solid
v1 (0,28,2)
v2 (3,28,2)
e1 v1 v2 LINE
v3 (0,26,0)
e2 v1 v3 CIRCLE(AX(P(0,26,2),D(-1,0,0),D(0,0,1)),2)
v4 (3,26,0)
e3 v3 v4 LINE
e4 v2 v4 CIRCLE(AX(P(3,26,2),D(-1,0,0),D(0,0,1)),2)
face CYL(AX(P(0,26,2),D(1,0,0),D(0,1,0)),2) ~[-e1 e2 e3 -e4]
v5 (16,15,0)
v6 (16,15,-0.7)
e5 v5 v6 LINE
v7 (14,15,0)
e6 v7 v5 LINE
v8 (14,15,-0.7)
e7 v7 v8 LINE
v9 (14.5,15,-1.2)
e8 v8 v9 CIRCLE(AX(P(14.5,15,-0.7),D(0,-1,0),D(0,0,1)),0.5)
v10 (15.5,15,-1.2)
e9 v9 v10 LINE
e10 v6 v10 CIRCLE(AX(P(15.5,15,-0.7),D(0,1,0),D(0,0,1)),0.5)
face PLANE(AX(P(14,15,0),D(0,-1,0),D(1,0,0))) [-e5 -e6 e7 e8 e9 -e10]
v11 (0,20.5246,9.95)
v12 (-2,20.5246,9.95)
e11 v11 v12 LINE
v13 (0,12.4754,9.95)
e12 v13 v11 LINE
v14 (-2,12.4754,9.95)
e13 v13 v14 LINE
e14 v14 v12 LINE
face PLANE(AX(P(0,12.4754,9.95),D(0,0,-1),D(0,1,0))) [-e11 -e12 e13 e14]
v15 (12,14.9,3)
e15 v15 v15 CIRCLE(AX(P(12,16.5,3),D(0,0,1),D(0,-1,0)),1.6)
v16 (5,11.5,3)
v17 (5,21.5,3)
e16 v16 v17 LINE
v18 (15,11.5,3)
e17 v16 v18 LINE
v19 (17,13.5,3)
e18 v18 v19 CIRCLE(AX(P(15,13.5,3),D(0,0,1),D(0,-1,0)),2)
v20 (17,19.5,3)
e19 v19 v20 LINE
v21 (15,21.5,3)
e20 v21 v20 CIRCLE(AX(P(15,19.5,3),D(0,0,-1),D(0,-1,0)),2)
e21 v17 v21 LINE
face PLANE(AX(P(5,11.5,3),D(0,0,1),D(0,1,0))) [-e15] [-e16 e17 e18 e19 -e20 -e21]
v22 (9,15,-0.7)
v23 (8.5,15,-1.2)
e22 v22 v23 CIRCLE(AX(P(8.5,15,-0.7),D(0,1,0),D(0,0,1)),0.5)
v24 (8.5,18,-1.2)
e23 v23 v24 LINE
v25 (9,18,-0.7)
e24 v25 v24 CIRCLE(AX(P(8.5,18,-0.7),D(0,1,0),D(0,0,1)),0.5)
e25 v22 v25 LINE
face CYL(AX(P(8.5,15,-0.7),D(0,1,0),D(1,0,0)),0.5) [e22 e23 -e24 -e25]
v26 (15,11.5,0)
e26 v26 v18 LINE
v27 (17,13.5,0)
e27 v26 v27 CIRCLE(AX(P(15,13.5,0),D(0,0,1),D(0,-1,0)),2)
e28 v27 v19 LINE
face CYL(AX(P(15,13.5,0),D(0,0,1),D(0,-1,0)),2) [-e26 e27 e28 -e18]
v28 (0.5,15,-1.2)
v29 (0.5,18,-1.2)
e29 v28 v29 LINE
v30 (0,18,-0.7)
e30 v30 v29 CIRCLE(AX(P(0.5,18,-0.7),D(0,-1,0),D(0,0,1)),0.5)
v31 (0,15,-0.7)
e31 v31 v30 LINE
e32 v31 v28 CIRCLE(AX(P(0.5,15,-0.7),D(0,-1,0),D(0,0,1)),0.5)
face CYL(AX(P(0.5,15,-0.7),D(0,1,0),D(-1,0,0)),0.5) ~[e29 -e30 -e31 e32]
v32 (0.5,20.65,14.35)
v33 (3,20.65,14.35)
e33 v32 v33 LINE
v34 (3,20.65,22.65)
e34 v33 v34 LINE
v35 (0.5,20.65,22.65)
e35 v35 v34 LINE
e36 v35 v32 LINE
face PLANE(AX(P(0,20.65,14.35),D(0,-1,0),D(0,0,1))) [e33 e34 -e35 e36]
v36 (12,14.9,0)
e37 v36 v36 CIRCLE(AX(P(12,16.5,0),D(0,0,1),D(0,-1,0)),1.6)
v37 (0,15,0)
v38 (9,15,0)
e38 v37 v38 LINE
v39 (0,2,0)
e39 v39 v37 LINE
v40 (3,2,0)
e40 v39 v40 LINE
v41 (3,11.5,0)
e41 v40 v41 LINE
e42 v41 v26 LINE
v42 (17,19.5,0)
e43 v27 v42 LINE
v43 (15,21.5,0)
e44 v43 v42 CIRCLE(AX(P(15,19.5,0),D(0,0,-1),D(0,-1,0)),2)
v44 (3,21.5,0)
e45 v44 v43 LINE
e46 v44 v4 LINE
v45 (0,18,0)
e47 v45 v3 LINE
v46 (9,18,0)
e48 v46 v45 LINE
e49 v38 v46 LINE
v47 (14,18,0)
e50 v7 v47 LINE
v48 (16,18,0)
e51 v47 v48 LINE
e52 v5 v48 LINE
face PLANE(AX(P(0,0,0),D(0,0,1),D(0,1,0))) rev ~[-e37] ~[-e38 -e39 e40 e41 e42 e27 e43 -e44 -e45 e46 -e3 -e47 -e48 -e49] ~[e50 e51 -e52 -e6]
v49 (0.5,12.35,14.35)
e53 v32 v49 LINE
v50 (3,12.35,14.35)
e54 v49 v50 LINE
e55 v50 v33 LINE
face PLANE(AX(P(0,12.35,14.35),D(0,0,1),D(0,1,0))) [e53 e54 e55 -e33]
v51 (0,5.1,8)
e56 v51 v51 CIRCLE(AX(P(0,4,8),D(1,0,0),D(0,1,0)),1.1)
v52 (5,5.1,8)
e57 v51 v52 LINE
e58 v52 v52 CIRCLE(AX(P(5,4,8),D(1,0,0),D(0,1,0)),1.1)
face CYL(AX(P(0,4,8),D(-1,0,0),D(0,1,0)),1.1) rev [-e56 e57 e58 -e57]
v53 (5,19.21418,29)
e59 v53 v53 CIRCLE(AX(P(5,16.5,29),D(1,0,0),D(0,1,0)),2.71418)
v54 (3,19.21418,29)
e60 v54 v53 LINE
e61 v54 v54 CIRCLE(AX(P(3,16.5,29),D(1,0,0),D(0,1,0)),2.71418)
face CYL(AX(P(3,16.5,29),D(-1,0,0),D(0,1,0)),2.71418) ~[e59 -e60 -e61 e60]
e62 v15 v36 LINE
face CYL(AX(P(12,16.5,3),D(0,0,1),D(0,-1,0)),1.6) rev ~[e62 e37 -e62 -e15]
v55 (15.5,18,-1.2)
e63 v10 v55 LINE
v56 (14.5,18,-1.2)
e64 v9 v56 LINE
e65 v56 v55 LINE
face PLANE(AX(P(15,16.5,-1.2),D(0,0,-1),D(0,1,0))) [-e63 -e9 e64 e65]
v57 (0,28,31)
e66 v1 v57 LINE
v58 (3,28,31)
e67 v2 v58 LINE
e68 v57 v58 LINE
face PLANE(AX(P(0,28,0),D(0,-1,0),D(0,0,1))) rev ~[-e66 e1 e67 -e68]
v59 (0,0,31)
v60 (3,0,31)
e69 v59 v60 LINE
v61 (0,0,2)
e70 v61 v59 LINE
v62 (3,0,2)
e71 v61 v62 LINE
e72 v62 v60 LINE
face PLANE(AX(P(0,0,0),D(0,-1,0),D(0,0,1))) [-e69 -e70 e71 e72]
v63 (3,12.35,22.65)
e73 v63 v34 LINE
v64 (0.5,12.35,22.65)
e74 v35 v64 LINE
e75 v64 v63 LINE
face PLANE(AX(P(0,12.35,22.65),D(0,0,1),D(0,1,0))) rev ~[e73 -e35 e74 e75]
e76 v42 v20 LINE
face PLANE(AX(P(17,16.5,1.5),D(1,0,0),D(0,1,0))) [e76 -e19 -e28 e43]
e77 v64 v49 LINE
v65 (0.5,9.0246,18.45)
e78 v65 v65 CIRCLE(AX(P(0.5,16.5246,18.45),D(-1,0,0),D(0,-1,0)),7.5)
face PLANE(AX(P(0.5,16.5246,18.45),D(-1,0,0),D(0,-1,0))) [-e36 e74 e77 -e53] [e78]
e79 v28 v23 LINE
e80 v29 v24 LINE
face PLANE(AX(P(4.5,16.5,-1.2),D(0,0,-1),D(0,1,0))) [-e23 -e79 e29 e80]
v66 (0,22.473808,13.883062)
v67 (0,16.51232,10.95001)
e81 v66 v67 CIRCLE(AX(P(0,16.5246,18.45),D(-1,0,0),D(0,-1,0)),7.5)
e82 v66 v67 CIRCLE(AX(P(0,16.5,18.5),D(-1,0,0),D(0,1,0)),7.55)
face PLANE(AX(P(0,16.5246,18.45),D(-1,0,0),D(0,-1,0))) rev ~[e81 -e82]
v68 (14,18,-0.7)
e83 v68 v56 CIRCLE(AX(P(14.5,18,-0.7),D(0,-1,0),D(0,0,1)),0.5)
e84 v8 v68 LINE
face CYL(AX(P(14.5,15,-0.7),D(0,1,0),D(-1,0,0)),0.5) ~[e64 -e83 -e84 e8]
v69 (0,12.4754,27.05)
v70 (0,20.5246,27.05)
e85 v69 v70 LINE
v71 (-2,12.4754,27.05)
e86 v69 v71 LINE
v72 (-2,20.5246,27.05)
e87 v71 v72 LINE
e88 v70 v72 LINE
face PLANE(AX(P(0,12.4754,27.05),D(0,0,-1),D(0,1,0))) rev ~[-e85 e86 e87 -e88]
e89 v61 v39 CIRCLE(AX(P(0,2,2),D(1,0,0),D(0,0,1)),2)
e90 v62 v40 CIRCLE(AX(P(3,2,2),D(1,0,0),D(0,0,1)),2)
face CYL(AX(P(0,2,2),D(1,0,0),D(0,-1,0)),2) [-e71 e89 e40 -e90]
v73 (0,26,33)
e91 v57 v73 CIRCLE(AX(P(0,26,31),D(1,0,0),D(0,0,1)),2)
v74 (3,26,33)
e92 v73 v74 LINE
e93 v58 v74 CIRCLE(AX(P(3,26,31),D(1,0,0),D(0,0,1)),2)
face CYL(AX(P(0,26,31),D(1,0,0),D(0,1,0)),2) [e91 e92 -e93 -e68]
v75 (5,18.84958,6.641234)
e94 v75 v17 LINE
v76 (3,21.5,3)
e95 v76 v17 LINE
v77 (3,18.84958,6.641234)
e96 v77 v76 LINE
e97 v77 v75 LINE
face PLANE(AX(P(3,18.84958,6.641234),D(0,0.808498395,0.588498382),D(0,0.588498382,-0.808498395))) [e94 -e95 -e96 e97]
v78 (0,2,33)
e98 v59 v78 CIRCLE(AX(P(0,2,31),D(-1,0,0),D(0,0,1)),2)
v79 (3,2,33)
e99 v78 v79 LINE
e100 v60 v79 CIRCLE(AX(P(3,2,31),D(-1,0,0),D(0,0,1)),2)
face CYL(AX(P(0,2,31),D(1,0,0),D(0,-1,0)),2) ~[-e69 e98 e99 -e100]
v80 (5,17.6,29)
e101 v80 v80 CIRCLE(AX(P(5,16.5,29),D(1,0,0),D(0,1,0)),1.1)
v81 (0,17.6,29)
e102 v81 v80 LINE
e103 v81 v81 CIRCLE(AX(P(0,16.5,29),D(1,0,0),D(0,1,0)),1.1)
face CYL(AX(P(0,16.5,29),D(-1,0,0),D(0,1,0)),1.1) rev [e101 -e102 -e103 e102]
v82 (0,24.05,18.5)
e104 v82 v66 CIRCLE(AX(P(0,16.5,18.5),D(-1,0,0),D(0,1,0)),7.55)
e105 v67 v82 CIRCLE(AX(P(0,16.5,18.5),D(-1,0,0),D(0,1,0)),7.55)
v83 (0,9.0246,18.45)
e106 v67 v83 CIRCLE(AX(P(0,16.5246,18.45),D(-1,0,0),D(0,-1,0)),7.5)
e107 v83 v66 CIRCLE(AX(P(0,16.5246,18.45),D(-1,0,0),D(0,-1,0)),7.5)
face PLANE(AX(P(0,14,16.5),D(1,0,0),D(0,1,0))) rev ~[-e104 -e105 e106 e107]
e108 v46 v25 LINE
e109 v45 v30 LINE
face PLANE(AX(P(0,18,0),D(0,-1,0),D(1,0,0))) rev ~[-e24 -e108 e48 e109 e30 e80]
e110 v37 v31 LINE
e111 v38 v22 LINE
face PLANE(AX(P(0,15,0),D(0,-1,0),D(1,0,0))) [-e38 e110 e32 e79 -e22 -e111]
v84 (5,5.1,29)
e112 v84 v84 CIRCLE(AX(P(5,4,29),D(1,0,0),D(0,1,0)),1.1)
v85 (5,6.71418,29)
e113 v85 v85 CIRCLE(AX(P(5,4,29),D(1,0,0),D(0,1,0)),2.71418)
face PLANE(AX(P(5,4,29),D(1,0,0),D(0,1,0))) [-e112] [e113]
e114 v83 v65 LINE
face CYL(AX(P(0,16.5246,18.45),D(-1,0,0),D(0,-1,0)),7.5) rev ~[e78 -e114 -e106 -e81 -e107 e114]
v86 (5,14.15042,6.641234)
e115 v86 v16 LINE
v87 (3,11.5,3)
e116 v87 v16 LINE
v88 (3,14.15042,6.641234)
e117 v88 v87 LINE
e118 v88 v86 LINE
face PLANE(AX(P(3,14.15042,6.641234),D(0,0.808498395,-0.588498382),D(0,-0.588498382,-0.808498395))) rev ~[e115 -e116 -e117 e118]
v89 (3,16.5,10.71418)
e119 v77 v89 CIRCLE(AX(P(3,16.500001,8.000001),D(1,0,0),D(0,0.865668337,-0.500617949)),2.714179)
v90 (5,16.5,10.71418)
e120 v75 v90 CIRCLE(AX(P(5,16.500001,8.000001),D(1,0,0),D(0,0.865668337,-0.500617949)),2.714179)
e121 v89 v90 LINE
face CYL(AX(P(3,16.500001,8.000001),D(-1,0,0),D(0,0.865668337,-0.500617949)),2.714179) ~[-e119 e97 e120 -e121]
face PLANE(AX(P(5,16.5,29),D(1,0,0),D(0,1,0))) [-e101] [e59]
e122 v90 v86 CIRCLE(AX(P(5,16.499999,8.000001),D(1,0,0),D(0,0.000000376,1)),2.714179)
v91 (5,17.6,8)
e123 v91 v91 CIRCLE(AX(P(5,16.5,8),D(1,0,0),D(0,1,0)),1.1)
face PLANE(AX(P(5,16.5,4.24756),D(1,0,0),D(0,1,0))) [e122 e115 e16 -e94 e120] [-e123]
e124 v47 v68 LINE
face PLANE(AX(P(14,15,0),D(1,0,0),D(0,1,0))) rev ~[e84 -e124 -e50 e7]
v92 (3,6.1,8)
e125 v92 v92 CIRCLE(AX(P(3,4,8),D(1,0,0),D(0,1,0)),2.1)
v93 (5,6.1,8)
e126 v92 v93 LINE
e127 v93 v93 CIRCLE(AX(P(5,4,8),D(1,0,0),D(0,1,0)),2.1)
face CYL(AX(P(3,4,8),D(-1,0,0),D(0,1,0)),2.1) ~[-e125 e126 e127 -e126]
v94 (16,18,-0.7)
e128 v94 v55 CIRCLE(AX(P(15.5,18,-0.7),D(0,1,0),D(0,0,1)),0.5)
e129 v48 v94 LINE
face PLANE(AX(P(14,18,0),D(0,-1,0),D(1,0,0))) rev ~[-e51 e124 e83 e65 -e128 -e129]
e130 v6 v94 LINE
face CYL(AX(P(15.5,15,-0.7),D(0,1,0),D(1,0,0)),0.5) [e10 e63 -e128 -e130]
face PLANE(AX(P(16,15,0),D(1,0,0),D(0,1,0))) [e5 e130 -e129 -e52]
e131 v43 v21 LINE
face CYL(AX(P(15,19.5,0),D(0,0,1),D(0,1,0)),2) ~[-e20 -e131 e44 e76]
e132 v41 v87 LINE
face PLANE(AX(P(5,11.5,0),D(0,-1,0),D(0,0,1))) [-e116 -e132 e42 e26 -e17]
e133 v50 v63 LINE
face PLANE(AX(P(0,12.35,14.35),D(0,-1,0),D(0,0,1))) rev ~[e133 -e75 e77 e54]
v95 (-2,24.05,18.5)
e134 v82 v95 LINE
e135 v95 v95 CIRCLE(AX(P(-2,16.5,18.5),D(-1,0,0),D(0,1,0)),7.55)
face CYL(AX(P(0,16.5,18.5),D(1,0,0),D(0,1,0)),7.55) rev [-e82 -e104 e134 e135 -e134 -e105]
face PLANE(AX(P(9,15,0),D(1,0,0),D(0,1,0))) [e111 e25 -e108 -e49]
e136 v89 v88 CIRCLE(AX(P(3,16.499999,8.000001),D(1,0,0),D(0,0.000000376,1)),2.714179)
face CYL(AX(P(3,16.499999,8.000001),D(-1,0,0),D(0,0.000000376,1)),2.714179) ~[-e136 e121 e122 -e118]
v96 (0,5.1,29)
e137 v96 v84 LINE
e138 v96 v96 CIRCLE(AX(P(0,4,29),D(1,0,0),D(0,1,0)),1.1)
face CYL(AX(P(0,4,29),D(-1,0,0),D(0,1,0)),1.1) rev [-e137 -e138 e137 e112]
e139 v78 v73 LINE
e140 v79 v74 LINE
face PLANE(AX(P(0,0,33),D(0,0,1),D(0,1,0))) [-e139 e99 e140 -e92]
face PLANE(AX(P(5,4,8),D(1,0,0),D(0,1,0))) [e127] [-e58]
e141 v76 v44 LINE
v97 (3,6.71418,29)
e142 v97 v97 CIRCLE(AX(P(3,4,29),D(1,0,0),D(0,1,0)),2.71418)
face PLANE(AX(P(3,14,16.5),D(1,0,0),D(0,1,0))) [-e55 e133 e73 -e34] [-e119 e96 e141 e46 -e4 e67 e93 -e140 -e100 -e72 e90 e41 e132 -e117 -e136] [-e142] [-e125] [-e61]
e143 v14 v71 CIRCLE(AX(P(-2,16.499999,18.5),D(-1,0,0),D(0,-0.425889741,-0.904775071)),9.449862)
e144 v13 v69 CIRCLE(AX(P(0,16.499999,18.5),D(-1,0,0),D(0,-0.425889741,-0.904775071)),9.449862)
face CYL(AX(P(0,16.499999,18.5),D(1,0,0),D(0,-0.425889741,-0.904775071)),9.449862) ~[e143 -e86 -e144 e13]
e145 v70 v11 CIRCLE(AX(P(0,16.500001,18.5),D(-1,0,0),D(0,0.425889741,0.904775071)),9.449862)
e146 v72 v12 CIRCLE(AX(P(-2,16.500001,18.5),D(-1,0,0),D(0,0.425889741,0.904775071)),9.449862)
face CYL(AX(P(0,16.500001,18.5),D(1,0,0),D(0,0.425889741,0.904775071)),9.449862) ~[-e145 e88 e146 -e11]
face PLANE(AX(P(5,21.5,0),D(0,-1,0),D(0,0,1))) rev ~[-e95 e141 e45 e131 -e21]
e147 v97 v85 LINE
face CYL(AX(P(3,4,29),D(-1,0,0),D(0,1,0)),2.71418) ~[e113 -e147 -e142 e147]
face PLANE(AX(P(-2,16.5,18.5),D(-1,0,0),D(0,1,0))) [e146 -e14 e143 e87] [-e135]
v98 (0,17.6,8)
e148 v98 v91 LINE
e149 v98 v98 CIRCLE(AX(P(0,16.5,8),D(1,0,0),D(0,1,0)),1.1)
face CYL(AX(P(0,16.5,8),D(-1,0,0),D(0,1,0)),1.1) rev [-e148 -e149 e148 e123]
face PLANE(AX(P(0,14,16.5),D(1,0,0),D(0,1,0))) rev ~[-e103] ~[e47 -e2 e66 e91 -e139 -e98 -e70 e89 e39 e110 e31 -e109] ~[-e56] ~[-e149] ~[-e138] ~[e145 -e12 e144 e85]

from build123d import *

# Parameters (mm, degrees)
SKETCH002_W     = 10
SKETCH002_H     = 3
PAD004_DEPTH    = 12
SKETCH006_R     = 1.6
POCKET_DEPTH    = 5
SKETCH004_W     = 3
SKETCH004_H     = 9
SKETCH004_H_2   = 2
PAD002_DEPTH    = 1.2
SKETCH005_R     = 7.55
PAD001_DEPTH    = 2
SKETCH_W        = 28
SKETCH_H        = 33
SKETCH_R        = 1.1
SKETCH_W_2      = 8.3
SKETCH_H_2      = 8.3
PAD_DEPTH       = 3
SKETCH001_R     = 2.1
SKETCH001_R_2   = 1.1
SKETCH001_R_3   = 2.71418
PAD003_DEPTH    = 2
FILLET_R        = 2
FILLET001_R     = 2
FILLET002_R     = 0.5
SKETCH007_R     = 7.5
POCKET001_DEPTH = 0.5


with BuildPart() as pocket:
    # Sketch002 → Pad004 (new body)
    with BuildSketch(Plane.YZ.offset(5)):
        with Locations((16.5, 1.5)):
            Rectangle(SKETCH002_W, SKETCH002_H)
    extrude(amount=PAD004_DEPTH)

    # Sketch006 → Pocket (cut)
    with BuildSketch(Plane(origin=(5, 0, 3), x_dir=(0, -1, 0), z_dir=(0, 0, 1))):
        with Locations((-16.5, 7)):
            Circle(SKETCH006_R)
    extrude(amount=-POCKET_DEPTH, mode=Mode.SUBTRACT)


with BuildPart() as pad002:
    # Sketch004 → Pad002 (new body)
    with BuildSketch(Plane.YX):
        with Locations((16.5, 4.5)):
            Rectangle(SKETCH004_W, SKETCH004_H)
        with Locations((16.5, 15)):
            Rectangle(SKETCH004_W, SKETCH004_H_2)
    extrude(amount=PAD002_DEPTH)


with BuildPart() as pad001:
    # Sketch005 → Pad001 (new body)
    with BuildSketch(Plane(origin=(0, 0, 0), x_dir=(0, 1, 0), z_dir=(-1, 0, 0))):
        with BuildLine():
            ThreePointArc((12.4754, -9.95), (7.050137, -18.5), (12.4754, -27.05))
            Line((12.4754, -27.05), (20.5246, -27.05))
            ThreePointArc((20.5246, -27.05), (25.949863, -18.5), (20.5246, -9.95))
            Line((12.4754, -9.95), (20.5246, -9.95))
        make_face()
        with Locations((16.5, -18.5)):
            Circle(SKETCH005_R, mode=Mode.SUBTRACT)
    extrude(amount=PAD001_DEPTH)


with BuildPart() as pad:
    # Sketch → Pad (new body)
    with BuildSketch(Plane.YZ):
        with Locations((14, 16.5)):
            Rectangle(SKETCH_W, SKETCH_H)
        with Locations((16.5, 29)):
            Circle(SKETCH_R, mode=Mode.SUBTRACT)
        with Locations((4, 29)):
            Circle(SKETCH_R, mode=Mode.SUBTRACT)
        with Locations((4, 8)):
            Circle(SKETCH_R, mode=Mode.SUBTRACT)
        with Locations((16.5, 8)):
            Circle(SKETCH_R, mode=Mode.SUBTRACT)
        with Locations((16.5, 18.5)):
            Rectangle(SKETCH_W_2, SKETCH_H_2, mode=Mode.SUBTRACT)
    extrude(amount=PAD_DEPTH)


with BuildPart() as pocket001:
    # Sketch001 → Pad003 (new body)
    with BuildSketch(Plane.YZ.offset(3)):
        with Locations((4, 8)):
            Circle(SKETCH001_R)
        with Locations((4, 8)):
            Circle(SKETCH001_R_2, mode=Mode.SUBTRACT)
        with Locations((4, 29)):
            Circle(SKETCH001_R_3)
        with Locations((4, 29)):
            Circle(SKETCH001_R_2, mode=Mode.SUBTRACT)
        with Locations((16.5, 29)):
            Circle(SKETCH001_R_3)
        with Locations((16.5, 29)):
            Circle(SKETCH001_R_2, mode=Mode.SUBTRACT)
        with BuildLine():
            ThreePointArc((16.5, 10.71418), (14.148967, 9.356252), (14.15042, 6.641234))
            Line((14.15042, 6.641234), (11.5, 3))
            Line((11.5, 0), (11.5, 3))
            Line((21.5, 0), (11.5, 0))
            Line((21.5, 3), (21.5, 0))
            Line((18.84958, 6.641234), (21.5, 3))
            ThreePointArc((18.84958, 6.641234), (18.851033, 9.356252), (16.5, 10.71418))
        make_face()
        with Locations((16.5, 8)):
            Circle(SKETCH001_R_2, mode=Mode.SUBTRACT)
    extrude(amount=PAD003_DEPTH)

    # Fusion: union Pocket, Pad002, Pad001, Pad
    add(pocket.part)
    add(pad002.part)
    add(pad001.part)
    add(pad.part)

    # Fillet
    fillet_edges = [pocket001.edges().sort_by_distance(p)[0] for p in [
        (1.5, 28, 33),
        (1.5, 0, 33),
        (1.5, 0, 0),
        (1.5, 28, 0),
    ]]
    fillet(fillet_edges, radius=FILLET_R)

    # Fillet001
    fillet001_edges = [pocket001.edges().sort_by_distance(p)[0] for p in [
        (17, 11.5, 1.5),
        (17, 21.5, 1.5),
    ]]
    fillet(fillet001_edges, radius=FILLET001_R)

    # Fillet002
    fillet002_edges = [pocket001.edges().sort_by_distance(p)[0] for p in [
        (9, 16.5, -1.2),
        (14, 16.5, -1.2),
        (16, 16.5, -1.2),
        (0, 16.5, -1.2),
    ]]
    fillet(fillet002_edges, radius=FILLET002_R)

    # Sketch007 → Pocket001 (cut)
    with BuildSketch(Plane(origin=(0, 0, 0), x_dir=(0, -1, 0), z_dir=(-1, 0, 0))):
        with Locations((-16.5246, 18.45)):
            Circle(SKETCH007_R)
    extrude(amount=-POCKET001_DEPTH, mode=Mode.SUBTRACT)


solid = pocket001.part
